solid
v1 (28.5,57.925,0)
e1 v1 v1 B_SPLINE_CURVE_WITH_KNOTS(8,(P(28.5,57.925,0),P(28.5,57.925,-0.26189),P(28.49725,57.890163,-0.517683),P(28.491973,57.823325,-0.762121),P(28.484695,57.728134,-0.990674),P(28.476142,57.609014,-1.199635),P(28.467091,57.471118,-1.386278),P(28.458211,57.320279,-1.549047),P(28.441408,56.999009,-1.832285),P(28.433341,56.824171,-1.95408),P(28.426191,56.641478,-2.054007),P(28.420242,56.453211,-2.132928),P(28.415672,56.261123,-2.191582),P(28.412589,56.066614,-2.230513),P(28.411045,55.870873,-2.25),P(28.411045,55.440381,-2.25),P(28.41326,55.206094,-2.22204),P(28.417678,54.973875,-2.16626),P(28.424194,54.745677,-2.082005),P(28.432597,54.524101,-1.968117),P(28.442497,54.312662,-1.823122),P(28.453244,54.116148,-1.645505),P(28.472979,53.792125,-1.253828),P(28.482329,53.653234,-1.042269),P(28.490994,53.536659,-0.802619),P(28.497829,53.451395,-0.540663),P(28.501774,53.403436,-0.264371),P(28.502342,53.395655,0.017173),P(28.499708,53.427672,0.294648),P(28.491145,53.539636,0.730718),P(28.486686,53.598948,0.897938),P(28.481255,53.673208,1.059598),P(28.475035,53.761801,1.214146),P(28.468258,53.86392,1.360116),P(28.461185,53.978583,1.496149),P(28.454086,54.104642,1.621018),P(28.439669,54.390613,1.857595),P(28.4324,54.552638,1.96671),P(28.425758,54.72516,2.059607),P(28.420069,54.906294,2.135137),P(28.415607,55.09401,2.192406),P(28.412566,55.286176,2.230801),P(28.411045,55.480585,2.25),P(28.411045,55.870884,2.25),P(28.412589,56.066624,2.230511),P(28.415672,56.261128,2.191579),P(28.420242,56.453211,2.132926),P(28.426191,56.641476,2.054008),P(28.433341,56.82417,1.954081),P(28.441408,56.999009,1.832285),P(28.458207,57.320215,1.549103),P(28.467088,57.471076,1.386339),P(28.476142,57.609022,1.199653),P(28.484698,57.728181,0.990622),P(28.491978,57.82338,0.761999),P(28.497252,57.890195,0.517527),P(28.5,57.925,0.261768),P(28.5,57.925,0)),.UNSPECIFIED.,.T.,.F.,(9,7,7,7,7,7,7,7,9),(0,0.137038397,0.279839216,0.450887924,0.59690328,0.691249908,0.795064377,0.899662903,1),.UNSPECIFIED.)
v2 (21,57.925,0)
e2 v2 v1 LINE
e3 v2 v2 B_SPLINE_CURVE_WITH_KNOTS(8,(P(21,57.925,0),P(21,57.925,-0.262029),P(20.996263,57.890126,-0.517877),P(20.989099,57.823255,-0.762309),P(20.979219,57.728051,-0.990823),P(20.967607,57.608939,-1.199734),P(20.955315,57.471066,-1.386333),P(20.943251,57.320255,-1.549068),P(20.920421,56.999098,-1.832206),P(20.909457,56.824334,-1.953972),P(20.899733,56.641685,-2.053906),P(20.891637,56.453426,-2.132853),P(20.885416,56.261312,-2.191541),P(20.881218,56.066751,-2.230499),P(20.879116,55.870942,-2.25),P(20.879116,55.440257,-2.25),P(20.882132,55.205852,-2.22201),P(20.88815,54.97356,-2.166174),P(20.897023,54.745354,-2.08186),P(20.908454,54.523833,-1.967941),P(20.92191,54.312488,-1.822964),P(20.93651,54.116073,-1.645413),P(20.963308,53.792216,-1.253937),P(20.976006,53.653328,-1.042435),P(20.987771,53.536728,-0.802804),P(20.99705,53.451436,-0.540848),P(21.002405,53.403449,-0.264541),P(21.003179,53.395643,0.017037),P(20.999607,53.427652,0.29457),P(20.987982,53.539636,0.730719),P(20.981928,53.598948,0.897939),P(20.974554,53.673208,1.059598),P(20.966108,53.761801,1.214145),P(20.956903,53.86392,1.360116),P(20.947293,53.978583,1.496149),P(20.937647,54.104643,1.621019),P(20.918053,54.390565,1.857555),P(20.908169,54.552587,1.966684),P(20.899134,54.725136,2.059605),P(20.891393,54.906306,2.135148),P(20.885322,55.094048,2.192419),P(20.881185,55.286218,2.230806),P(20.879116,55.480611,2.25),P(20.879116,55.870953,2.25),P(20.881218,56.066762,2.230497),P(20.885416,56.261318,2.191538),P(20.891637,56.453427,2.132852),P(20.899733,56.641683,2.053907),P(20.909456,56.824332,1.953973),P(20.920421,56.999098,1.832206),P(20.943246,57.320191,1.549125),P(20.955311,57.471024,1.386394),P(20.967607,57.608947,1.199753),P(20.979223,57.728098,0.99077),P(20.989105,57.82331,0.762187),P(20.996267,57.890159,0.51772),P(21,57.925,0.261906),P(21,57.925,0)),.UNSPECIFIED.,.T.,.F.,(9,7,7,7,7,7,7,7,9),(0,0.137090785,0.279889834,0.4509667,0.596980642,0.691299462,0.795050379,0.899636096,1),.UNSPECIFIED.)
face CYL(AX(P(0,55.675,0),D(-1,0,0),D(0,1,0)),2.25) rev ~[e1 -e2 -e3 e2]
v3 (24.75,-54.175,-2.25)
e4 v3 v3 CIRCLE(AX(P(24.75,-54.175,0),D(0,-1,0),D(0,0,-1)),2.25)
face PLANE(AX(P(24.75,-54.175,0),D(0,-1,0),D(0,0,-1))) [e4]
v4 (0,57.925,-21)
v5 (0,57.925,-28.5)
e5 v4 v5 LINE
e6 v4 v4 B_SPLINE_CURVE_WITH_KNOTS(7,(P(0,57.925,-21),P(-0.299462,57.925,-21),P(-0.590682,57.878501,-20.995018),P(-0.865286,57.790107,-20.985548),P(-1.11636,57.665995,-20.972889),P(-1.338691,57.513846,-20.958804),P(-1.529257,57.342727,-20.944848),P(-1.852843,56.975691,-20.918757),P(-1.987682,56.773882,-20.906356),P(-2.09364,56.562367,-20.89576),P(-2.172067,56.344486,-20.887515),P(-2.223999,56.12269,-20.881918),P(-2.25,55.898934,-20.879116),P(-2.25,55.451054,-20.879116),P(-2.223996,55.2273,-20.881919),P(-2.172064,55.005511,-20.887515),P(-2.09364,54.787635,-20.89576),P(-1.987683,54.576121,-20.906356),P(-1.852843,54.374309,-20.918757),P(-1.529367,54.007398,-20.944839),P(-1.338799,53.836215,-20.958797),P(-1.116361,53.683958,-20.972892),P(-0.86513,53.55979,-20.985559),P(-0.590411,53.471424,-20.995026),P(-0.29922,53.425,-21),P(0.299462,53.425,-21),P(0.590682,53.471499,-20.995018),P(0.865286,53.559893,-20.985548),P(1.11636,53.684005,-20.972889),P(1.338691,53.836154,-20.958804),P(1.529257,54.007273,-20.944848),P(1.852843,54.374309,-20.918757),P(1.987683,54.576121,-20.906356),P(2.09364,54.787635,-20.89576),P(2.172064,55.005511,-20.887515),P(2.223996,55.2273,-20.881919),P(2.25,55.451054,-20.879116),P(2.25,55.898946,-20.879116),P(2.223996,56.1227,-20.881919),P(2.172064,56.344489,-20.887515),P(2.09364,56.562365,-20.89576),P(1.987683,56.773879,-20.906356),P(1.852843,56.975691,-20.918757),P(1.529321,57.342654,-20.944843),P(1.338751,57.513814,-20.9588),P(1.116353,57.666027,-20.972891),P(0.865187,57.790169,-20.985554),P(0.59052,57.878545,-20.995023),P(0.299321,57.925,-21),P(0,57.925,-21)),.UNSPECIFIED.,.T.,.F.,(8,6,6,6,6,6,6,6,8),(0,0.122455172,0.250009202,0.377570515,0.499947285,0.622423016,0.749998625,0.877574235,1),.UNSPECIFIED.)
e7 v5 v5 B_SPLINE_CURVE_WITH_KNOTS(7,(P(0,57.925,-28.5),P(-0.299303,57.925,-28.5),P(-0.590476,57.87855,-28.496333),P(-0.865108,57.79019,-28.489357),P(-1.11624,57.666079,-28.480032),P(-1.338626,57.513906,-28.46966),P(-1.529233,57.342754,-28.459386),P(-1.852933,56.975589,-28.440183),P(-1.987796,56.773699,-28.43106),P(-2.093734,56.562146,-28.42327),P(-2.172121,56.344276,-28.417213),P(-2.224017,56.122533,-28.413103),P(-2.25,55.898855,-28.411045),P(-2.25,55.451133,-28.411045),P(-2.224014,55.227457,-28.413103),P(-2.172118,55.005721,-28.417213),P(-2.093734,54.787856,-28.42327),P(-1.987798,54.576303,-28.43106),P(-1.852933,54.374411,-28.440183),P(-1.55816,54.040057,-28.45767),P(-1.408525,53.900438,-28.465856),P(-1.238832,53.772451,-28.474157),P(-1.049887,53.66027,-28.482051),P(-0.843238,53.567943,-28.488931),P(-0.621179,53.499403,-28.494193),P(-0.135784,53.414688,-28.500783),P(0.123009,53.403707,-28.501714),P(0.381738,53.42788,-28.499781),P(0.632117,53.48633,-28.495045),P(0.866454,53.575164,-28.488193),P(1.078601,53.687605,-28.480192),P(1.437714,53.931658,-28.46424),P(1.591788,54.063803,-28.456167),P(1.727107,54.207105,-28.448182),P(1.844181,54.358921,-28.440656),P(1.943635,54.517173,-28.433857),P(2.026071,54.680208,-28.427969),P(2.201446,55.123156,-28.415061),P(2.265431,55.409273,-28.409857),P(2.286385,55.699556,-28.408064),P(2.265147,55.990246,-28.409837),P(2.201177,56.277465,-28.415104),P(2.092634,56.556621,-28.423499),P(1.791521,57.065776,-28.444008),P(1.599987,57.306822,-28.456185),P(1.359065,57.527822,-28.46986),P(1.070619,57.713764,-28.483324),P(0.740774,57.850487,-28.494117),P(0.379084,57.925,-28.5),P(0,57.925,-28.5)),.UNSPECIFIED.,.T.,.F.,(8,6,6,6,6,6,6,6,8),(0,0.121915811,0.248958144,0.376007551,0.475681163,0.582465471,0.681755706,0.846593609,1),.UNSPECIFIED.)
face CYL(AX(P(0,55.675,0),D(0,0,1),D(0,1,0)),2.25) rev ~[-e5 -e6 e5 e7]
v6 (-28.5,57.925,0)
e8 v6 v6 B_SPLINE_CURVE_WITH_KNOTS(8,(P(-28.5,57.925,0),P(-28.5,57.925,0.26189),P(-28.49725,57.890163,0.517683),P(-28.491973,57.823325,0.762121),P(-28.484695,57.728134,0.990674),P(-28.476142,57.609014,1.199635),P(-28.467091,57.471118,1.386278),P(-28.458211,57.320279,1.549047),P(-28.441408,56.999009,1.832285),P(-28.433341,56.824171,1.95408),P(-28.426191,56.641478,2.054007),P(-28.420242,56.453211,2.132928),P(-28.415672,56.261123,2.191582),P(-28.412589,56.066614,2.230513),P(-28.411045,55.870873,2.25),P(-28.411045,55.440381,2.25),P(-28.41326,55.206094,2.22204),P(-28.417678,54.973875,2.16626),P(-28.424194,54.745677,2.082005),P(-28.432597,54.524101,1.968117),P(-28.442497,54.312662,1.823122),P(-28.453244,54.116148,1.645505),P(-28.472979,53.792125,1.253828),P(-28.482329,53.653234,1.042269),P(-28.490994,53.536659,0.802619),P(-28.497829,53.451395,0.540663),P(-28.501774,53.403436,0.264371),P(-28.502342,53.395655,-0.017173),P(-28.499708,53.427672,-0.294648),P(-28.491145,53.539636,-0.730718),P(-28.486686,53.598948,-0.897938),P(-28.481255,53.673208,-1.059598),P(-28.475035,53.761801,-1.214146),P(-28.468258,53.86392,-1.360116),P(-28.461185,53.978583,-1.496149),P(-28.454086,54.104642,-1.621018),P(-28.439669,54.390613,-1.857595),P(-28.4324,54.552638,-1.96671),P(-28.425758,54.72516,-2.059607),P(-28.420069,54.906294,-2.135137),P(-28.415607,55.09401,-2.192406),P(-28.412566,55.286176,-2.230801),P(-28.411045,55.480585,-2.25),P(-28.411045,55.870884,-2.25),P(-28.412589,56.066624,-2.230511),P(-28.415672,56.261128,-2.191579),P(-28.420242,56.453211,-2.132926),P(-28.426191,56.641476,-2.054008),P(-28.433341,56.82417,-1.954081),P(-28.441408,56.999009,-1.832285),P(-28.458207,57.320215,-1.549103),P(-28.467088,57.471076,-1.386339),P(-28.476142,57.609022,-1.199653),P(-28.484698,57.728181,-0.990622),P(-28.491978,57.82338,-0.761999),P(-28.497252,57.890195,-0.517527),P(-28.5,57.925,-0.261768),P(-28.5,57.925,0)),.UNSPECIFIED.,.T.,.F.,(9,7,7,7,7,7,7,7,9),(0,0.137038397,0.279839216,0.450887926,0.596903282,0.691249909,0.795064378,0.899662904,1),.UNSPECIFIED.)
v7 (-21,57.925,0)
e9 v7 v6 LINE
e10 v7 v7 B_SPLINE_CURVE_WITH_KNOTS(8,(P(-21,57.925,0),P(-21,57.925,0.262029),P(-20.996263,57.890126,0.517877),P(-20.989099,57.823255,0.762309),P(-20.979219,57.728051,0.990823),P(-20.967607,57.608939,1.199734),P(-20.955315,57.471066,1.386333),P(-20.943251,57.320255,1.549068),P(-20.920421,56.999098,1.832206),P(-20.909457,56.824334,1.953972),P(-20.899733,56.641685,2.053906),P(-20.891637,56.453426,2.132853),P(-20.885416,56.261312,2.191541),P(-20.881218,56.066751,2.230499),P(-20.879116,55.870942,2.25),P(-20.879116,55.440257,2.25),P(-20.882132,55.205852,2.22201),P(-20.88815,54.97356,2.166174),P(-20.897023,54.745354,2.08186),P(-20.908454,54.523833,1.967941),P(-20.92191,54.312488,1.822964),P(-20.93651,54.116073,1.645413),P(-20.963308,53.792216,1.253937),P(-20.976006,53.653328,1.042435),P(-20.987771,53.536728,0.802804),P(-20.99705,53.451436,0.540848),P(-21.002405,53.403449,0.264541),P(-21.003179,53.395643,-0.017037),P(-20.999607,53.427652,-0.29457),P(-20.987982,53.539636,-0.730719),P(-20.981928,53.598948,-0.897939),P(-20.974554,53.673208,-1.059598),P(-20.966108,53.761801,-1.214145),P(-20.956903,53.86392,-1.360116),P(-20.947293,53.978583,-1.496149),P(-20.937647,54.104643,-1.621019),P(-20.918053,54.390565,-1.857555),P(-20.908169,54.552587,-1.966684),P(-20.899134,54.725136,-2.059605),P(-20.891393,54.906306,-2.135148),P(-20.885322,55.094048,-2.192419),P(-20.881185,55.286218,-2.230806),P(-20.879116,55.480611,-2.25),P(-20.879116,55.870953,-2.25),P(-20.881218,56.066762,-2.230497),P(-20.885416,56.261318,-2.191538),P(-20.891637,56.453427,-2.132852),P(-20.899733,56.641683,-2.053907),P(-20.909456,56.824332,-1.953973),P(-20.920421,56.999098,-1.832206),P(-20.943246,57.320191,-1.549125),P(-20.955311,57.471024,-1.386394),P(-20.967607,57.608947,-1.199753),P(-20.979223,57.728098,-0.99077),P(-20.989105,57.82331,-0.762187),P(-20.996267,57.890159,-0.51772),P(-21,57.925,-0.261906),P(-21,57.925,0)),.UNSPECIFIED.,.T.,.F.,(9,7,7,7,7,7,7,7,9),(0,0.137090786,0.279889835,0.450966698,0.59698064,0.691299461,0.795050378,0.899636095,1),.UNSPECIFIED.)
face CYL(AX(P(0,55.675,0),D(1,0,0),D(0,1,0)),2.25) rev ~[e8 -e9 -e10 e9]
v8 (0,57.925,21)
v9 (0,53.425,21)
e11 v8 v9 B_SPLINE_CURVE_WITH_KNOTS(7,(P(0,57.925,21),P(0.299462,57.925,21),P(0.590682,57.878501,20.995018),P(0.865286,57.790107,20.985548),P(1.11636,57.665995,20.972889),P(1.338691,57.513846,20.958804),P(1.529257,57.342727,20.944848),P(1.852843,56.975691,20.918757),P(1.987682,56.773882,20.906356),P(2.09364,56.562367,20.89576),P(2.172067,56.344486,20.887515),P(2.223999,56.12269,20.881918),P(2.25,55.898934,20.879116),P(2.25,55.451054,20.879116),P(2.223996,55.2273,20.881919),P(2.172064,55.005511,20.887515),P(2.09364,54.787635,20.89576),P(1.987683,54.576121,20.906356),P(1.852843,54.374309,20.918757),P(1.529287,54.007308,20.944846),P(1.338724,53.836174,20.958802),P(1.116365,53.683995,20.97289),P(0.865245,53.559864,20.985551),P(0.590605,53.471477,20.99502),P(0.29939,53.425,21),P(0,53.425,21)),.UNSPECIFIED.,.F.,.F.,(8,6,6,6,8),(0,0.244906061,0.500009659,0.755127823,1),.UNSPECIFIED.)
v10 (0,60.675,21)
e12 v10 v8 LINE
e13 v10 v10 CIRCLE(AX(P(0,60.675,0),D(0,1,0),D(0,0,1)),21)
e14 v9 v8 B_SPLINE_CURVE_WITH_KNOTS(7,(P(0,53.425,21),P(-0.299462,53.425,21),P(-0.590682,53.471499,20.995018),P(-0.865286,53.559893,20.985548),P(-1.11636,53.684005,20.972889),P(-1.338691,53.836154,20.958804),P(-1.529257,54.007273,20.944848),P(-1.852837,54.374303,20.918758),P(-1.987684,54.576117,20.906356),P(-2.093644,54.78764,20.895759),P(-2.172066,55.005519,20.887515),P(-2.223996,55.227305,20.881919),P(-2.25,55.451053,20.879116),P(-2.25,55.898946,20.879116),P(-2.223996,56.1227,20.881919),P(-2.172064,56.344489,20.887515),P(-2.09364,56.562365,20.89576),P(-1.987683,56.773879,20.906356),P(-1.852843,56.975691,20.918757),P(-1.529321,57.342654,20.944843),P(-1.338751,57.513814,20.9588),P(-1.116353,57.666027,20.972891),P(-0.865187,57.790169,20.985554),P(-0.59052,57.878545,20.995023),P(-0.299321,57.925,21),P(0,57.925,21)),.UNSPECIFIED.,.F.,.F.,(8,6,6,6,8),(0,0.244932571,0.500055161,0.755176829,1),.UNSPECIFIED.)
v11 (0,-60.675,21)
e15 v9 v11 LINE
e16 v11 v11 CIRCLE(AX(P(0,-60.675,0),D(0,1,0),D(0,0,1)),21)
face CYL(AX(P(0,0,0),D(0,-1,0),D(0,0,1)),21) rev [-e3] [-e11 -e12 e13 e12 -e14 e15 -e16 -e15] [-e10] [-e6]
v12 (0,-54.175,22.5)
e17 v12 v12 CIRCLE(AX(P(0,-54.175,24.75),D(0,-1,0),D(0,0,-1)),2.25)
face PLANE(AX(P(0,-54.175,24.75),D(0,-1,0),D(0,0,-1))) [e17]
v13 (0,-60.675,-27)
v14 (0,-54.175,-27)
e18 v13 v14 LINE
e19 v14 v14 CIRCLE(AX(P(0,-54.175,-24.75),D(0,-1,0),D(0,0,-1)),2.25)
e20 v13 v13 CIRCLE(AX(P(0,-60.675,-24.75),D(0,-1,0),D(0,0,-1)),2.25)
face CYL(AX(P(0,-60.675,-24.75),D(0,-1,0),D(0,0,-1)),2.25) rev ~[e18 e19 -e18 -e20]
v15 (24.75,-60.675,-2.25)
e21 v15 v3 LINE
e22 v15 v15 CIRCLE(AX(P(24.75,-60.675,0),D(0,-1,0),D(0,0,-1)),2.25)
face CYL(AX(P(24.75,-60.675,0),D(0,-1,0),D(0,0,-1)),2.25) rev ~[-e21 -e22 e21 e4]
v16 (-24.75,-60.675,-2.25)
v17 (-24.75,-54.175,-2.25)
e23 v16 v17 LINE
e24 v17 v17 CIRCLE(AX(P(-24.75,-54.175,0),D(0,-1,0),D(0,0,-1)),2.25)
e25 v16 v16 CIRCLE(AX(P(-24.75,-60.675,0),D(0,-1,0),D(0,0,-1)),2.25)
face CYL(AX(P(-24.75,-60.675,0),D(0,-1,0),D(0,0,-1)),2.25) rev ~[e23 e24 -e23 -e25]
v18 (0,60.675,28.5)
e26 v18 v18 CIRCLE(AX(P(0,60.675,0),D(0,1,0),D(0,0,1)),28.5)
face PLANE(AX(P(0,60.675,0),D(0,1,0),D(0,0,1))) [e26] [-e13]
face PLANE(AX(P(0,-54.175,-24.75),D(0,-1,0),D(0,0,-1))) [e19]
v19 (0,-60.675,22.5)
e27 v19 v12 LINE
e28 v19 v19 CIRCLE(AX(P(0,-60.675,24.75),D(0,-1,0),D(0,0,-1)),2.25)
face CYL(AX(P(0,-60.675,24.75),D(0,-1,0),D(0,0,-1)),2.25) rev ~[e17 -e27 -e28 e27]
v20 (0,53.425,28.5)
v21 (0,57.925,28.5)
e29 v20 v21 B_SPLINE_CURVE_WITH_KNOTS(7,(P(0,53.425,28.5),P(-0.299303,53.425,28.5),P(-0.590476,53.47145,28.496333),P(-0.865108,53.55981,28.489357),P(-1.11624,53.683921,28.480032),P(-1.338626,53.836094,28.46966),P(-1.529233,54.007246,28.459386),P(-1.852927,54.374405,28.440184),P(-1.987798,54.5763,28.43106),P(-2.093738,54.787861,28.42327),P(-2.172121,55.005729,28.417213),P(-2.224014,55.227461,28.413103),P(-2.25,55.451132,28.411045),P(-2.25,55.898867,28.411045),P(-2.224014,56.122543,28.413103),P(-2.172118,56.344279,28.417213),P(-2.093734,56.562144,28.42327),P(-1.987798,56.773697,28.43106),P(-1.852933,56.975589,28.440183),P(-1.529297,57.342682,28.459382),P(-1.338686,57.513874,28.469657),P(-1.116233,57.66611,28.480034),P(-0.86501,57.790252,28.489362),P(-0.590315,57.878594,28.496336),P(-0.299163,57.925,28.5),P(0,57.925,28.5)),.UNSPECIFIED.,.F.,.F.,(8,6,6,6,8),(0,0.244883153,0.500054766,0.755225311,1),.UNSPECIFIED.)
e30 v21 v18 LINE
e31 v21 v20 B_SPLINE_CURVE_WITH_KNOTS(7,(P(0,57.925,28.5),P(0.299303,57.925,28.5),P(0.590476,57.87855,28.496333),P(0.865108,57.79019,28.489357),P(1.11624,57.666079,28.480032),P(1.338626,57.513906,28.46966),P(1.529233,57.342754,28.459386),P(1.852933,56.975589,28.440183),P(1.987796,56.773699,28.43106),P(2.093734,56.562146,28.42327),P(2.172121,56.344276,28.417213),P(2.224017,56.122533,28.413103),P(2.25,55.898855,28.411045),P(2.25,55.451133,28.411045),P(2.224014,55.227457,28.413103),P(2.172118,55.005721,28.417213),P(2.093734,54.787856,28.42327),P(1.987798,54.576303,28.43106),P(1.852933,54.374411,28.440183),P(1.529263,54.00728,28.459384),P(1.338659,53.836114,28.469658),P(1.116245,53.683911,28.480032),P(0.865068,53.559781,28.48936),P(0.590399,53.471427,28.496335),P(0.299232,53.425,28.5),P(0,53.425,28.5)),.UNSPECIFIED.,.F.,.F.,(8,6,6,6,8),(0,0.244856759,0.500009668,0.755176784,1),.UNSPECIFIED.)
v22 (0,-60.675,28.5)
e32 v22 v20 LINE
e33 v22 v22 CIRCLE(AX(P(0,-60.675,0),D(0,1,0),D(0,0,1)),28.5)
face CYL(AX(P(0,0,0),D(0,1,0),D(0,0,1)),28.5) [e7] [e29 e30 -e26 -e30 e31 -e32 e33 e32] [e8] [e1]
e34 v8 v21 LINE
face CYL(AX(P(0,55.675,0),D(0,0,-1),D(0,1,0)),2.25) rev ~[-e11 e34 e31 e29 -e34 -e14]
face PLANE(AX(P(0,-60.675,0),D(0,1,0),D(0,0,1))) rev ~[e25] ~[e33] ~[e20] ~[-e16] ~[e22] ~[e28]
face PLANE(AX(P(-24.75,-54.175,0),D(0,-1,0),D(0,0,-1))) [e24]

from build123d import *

# Parameters (mm, degrees)
SKETCH1_R           = 28.5
SKETCH1_R_2         = 21
BOSS_EXTRUDE1_DEPTH = 60.675
SKETCH2_R           = 2.25
CUT_EXTRUDE1_DEPTH  = 73.841990809
CIRPATTERN1_COUNT   = 4
SKETCH3_R           = 2.25
CUT_EXTRUDE2_DEPTH  = 6.5


with BuildPart() as part:
    # Sketch1 → Boss-Extrude1 (new, symmetric)
    with BuildSketch(Plane(origin=(0, 0, 0), x_dir=(1, 0, 0), z_dir=(0, 1, 0))):
        with Locations(Location((0, 0, 0), (0, 0, 270))):
            Circle(SKETCH1_R)
        with Locations(Location((0, 0, 0), (0, 0, 270))):
            Circle(SKETCH1_R_2, mode=Mode.SUBTRACT)
    extrude(amount=BOSS_EXTRUDE1_DEPTH, both=True)

    # Sketch2 → Cut-Extrude1 (cut, through all)
    with BuildSketch(Plane.XY):
        with Locations(Location((0, 55.675, 0), (0, 0, 90))):
            Circle(SKETCH2_R)
    cut_extrude1 = extrude(amount=-CUT_EXTRUDE1_DEPTH, mode=Mode.SUBTRACT)

    # CirPattern1: Cut-Extrude1 ×4 about axis
    cirpattern1_axis = Axis((0, 60.675, 0), (0, -1, 0))
    for i in range(1, CIRPATTERN1_COUNT):
        add(cut_extrude1.rotate(cirpattern1_axis, i * 360 / CIRPATTERN1_COUNT), mode=Mode.SUBTRACT)

    # Sketch3 → Cut-Extrude2 (cut)
    with BuildSketch(Plane.XZ.offset(60.675)):
        with Locations(Location((0, 24.75, 0), (0, 0, 270))):
            Circle(SKETCH3_R)
        with Locations(Location((24.75, 0, 0), (0, 0, 270))):
            Circle(SKETCH3_R)
        with Locations(Location((0, -24.75, 0), (0, 0, 270))):
            Circle(SKETCH3_R)
        with Locations(Location((-24.75, 0, 0), (0, 0, 270))):
            Circle(SKETCH3_R)
    extrude(amount=-CUT_EXTRUDE2_DEPTH, mode=Mode.SUBTRACT)


solid = part.part
